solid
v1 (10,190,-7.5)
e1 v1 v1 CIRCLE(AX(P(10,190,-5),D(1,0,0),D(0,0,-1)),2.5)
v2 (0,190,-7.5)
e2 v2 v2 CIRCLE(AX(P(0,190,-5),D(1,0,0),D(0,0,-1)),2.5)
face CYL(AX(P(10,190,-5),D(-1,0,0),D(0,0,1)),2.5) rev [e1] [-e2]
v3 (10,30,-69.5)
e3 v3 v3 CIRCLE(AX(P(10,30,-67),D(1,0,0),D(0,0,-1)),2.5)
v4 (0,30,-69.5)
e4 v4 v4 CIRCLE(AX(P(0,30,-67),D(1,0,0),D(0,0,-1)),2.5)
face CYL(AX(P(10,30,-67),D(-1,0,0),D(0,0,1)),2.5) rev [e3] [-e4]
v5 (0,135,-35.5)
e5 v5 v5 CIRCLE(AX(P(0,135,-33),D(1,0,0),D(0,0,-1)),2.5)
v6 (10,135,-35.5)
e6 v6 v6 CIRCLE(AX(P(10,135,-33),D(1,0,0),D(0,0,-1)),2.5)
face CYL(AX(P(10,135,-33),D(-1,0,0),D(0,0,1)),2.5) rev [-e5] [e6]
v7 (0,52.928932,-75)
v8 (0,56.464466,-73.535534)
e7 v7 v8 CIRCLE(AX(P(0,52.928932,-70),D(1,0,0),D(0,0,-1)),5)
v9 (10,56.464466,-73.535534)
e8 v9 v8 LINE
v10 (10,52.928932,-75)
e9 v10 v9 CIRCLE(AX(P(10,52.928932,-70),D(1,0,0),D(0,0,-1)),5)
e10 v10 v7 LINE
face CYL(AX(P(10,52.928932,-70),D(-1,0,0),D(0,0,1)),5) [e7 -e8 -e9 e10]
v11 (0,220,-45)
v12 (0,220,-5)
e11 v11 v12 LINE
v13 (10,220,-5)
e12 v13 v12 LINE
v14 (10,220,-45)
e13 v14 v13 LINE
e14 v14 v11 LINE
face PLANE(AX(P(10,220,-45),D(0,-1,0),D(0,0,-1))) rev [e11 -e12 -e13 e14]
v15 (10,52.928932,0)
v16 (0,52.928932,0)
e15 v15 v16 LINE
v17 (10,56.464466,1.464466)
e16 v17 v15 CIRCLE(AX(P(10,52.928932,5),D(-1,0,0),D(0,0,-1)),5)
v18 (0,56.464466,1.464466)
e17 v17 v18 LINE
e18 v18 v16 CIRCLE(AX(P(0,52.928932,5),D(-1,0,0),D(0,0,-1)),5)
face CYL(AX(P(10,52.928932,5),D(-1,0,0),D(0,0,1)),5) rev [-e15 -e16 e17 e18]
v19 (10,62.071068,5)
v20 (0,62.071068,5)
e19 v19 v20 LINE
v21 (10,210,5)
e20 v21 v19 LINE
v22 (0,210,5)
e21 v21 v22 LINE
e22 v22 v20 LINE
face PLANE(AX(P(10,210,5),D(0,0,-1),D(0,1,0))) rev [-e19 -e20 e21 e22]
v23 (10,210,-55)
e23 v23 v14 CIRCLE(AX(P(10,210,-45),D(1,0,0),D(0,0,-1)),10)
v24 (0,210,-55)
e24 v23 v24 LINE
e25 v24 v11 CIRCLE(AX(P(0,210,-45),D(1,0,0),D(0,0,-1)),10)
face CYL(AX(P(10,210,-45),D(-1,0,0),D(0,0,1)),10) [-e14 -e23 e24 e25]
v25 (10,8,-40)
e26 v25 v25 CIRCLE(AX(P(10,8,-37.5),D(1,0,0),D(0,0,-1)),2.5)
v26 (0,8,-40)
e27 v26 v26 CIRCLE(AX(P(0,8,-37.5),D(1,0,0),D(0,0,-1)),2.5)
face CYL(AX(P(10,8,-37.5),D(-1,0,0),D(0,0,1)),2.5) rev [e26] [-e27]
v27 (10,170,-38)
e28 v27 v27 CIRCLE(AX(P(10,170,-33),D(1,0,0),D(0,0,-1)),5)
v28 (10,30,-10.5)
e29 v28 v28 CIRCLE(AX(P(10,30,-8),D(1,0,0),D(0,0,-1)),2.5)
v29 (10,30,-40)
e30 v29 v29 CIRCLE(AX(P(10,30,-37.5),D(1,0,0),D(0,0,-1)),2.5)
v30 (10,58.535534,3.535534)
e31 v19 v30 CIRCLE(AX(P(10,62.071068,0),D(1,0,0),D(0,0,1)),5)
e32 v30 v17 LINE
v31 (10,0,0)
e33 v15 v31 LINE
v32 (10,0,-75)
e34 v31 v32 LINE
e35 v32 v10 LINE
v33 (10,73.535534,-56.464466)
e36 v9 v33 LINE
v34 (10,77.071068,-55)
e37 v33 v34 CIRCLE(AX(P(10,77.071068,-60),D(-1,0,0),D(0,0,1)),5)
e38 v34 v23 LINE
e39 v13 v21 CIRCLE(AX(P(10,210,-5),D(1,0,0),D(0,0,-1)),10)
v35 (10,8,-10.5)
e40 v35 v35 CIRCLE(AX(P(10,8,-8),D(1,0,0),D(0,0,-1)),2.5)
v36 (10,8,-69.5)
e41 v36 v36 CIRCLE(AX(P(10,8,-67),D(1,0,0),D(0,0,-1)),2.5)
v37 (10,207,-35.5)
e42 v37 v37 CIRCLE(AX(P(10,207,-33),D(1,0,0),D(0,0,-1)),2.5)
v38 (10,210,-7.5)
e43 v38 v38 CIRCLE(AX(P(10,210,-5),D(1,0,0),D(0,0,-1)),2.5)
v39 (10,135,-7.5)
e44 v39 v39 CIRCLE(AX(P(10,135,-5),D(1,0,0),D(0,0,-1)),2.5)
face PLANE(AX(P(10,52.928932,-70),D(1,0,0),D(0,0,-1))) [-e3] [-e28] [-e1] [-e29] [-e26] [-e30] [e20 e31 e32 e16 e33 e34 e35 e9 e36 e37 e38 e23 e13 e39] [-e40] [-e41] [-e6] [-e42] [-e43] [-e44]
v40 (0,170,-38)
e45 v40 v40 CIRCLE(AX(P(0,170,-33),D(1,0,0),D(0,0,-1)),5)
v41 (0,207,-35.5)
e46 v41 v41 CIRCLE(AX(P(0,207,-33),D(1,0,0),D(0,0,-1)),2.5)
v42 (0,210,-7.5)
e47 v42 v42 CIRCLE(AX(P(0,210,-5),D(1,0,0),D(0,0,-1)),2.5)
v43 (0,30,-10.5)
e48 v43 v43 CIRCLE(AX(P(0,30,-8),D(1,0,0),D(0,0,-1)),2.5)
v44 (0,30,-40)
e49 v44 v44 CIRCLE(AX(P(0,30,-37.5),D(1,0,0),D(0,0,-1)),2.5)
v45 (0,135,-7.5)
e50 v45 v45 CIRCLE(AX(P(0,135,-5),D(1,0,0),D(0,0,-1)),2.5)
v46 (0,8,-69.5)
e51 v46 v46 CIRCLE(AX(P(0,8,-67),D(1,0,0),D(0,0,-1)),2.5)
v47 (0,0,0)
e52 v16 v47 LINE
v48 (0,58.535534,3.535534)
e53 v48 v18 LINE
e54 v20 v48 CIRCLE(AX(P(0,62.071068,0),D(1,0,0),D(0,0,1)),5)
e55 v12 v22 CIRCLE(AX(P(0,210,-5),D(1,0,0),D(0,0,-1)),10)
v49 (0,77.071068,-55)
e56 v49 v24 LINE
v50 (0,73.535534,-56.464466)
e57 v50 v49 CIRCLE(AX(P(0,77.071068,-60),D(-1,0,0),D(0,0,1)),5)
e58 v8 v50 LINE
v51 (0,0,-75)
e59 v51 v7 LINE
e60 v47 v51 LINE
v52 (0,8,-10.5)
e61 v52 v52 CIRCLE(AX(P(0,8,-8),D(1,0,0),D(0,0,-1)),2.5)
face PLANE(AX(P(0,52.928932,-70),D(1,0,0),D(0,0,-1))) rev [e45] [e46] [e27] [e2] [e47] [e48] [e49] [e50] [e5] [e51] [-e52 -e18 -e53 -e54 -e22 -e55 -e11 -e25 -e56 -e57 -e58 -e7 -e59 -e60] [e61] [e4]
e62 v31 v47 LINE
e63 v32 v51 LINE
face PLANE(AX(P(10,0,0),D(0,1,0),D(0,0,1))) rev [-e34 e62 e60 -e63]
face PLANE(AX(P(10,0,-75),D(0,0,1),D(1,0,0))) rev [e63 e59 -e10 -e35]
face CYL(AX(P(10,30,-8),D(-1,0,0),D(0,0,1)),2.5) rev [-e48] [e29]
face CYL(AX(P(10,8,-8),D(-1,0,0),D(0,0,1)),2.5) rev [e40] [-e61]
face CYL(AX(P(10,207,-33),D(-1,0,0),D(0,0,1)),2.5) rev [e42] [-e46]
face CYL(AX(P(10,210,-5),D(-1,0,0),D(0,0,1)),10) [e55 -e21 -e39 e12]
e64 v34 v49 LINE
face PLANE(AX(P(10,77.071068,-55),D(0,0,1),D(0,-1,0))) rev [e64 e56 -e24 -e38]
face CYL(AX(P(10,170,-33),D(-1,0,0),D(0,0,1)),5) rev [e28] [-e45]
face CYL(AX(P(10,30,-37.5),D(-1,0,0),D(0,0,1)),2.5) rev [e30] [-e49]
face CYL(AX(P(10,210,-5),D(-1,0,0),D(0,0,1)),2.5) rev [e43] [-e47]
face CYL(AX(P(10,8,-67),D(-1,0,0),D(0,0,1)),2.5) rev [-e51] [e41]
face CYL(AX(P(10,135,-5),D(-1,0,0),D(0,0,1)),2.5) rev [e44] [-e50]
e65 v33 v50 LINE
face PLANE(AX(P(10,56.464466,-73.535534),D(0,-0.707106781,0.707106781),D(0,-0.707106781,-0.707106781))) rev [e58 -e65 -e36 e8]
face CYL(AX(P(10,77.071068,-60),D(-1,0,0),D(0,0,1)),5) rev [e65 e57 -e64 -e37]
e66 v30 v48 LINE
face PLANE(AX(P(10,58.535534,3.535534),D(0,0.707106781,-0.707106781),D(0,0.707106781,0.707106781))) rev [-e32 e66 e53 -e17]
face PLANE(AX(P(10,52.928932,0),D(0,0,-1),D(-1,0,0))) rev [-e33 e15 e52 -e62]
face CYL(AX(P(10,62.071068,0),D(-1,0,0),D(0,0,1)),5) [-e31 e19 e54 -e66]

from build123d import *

# Parameters (mm, degrees)
SKETCH1_R           = 2.5
SKETCH1_R_2         = 5
BOSS_EXTRUDE1_DEPTH = 10


with BuildPart() as part:
    # Sketch1 → Boss-Extrude1 (new body)
    with BuildSketch(Plane(origin=(0, 0, 0), x_dir=(0, 0, -1), z_dir=(1, 0, 0))):
        with BuildLine():
            Line((0, 0), (75, 0))
            Line((75, 0), (75, 52.928932188))
            ThreePointArc((75, 52.928932188), (74.619397663, 54.84234935), (73.535533906, 56.464466094))
            Line((73.535533906, 56.464466094), (56.464466094, 73.535533906))
            ThreePointArc((56.464466094, 73.535533906), (55.380602337, 75.15765065), (55, 77.071067812))
            Line((55, 77.071067812), (55, 210))
            ThreePointArc((55, 210), (52.071067812, 217.071067812), (45, 220))
            Line((45, 220), (5, 220))
            ThreePointArc((5, 220), (-2.071067812, 217.071067812), (-5, 210))
            Line((-5, 210), (-5, 62.071067812))
            ThreePointArc((-5, 62.071067812), (-4.619397663, 60.15765065), (-3.535533906, 58.535533906))
            Line((-3.535533906, 58.535533906), (-1.464466094, 56.464466094))
            ThreePointArc((-1.464466094, 56.464466094), (-0.380602337, 54.84234935), (0, 52.928932188))
            Line((0, 52.928932188), (0, 0))
        make_face()
        with Locations((5, 210)):
            Circle(SKETCH1_R, mode=Mode.SUBTRACT)
        with Locations((5, 190)):
            Circle(SKETCH1_R, mode=Mode.SUBTRACT)
        with Locations((33, 207)):
            Circle(SKETCH1_R, mode=Mode.SUBTRACT)
        with Locations((5, 135)):
            Circle(SKETCH1_R, mode=Mode.SUBTRACT)
        with Locations((33, 135)):
            Circle(SKETCH1_R, mode=Mode.SUBTRACT)
        with Locations((8, 30)):
            Circle(SKETCH1_R, mode=Mode.SUBTRACT)
        with Locations((8, 8)):
            Circle(SKETCH1_R, mode=Mode.SUBTRACT)
        with Locations((37.5, 8)):
            Circle(SKETCH1_R, mode=Mode.SUBTRACT)
        with Locations((37.5, 30)):
            Circle(SKETCH1_R, mode=Mode.SUBTRACT)
        with Locations((67, 30)):
            Circle(SKETCH1_R, mode=Mode.SUBTRACT)
        with Locations((67, 8)):
            Circle(SKETCH1_R, mode=Mode.SUBTRACT)
        with Locations((33, 170)):
            Circle(SKETCH1_R_2, mode=Mode.SUBTRACT)
    extrude(amount=BOSS_EXTRUDE1_DEPTH)


solid = part.part
